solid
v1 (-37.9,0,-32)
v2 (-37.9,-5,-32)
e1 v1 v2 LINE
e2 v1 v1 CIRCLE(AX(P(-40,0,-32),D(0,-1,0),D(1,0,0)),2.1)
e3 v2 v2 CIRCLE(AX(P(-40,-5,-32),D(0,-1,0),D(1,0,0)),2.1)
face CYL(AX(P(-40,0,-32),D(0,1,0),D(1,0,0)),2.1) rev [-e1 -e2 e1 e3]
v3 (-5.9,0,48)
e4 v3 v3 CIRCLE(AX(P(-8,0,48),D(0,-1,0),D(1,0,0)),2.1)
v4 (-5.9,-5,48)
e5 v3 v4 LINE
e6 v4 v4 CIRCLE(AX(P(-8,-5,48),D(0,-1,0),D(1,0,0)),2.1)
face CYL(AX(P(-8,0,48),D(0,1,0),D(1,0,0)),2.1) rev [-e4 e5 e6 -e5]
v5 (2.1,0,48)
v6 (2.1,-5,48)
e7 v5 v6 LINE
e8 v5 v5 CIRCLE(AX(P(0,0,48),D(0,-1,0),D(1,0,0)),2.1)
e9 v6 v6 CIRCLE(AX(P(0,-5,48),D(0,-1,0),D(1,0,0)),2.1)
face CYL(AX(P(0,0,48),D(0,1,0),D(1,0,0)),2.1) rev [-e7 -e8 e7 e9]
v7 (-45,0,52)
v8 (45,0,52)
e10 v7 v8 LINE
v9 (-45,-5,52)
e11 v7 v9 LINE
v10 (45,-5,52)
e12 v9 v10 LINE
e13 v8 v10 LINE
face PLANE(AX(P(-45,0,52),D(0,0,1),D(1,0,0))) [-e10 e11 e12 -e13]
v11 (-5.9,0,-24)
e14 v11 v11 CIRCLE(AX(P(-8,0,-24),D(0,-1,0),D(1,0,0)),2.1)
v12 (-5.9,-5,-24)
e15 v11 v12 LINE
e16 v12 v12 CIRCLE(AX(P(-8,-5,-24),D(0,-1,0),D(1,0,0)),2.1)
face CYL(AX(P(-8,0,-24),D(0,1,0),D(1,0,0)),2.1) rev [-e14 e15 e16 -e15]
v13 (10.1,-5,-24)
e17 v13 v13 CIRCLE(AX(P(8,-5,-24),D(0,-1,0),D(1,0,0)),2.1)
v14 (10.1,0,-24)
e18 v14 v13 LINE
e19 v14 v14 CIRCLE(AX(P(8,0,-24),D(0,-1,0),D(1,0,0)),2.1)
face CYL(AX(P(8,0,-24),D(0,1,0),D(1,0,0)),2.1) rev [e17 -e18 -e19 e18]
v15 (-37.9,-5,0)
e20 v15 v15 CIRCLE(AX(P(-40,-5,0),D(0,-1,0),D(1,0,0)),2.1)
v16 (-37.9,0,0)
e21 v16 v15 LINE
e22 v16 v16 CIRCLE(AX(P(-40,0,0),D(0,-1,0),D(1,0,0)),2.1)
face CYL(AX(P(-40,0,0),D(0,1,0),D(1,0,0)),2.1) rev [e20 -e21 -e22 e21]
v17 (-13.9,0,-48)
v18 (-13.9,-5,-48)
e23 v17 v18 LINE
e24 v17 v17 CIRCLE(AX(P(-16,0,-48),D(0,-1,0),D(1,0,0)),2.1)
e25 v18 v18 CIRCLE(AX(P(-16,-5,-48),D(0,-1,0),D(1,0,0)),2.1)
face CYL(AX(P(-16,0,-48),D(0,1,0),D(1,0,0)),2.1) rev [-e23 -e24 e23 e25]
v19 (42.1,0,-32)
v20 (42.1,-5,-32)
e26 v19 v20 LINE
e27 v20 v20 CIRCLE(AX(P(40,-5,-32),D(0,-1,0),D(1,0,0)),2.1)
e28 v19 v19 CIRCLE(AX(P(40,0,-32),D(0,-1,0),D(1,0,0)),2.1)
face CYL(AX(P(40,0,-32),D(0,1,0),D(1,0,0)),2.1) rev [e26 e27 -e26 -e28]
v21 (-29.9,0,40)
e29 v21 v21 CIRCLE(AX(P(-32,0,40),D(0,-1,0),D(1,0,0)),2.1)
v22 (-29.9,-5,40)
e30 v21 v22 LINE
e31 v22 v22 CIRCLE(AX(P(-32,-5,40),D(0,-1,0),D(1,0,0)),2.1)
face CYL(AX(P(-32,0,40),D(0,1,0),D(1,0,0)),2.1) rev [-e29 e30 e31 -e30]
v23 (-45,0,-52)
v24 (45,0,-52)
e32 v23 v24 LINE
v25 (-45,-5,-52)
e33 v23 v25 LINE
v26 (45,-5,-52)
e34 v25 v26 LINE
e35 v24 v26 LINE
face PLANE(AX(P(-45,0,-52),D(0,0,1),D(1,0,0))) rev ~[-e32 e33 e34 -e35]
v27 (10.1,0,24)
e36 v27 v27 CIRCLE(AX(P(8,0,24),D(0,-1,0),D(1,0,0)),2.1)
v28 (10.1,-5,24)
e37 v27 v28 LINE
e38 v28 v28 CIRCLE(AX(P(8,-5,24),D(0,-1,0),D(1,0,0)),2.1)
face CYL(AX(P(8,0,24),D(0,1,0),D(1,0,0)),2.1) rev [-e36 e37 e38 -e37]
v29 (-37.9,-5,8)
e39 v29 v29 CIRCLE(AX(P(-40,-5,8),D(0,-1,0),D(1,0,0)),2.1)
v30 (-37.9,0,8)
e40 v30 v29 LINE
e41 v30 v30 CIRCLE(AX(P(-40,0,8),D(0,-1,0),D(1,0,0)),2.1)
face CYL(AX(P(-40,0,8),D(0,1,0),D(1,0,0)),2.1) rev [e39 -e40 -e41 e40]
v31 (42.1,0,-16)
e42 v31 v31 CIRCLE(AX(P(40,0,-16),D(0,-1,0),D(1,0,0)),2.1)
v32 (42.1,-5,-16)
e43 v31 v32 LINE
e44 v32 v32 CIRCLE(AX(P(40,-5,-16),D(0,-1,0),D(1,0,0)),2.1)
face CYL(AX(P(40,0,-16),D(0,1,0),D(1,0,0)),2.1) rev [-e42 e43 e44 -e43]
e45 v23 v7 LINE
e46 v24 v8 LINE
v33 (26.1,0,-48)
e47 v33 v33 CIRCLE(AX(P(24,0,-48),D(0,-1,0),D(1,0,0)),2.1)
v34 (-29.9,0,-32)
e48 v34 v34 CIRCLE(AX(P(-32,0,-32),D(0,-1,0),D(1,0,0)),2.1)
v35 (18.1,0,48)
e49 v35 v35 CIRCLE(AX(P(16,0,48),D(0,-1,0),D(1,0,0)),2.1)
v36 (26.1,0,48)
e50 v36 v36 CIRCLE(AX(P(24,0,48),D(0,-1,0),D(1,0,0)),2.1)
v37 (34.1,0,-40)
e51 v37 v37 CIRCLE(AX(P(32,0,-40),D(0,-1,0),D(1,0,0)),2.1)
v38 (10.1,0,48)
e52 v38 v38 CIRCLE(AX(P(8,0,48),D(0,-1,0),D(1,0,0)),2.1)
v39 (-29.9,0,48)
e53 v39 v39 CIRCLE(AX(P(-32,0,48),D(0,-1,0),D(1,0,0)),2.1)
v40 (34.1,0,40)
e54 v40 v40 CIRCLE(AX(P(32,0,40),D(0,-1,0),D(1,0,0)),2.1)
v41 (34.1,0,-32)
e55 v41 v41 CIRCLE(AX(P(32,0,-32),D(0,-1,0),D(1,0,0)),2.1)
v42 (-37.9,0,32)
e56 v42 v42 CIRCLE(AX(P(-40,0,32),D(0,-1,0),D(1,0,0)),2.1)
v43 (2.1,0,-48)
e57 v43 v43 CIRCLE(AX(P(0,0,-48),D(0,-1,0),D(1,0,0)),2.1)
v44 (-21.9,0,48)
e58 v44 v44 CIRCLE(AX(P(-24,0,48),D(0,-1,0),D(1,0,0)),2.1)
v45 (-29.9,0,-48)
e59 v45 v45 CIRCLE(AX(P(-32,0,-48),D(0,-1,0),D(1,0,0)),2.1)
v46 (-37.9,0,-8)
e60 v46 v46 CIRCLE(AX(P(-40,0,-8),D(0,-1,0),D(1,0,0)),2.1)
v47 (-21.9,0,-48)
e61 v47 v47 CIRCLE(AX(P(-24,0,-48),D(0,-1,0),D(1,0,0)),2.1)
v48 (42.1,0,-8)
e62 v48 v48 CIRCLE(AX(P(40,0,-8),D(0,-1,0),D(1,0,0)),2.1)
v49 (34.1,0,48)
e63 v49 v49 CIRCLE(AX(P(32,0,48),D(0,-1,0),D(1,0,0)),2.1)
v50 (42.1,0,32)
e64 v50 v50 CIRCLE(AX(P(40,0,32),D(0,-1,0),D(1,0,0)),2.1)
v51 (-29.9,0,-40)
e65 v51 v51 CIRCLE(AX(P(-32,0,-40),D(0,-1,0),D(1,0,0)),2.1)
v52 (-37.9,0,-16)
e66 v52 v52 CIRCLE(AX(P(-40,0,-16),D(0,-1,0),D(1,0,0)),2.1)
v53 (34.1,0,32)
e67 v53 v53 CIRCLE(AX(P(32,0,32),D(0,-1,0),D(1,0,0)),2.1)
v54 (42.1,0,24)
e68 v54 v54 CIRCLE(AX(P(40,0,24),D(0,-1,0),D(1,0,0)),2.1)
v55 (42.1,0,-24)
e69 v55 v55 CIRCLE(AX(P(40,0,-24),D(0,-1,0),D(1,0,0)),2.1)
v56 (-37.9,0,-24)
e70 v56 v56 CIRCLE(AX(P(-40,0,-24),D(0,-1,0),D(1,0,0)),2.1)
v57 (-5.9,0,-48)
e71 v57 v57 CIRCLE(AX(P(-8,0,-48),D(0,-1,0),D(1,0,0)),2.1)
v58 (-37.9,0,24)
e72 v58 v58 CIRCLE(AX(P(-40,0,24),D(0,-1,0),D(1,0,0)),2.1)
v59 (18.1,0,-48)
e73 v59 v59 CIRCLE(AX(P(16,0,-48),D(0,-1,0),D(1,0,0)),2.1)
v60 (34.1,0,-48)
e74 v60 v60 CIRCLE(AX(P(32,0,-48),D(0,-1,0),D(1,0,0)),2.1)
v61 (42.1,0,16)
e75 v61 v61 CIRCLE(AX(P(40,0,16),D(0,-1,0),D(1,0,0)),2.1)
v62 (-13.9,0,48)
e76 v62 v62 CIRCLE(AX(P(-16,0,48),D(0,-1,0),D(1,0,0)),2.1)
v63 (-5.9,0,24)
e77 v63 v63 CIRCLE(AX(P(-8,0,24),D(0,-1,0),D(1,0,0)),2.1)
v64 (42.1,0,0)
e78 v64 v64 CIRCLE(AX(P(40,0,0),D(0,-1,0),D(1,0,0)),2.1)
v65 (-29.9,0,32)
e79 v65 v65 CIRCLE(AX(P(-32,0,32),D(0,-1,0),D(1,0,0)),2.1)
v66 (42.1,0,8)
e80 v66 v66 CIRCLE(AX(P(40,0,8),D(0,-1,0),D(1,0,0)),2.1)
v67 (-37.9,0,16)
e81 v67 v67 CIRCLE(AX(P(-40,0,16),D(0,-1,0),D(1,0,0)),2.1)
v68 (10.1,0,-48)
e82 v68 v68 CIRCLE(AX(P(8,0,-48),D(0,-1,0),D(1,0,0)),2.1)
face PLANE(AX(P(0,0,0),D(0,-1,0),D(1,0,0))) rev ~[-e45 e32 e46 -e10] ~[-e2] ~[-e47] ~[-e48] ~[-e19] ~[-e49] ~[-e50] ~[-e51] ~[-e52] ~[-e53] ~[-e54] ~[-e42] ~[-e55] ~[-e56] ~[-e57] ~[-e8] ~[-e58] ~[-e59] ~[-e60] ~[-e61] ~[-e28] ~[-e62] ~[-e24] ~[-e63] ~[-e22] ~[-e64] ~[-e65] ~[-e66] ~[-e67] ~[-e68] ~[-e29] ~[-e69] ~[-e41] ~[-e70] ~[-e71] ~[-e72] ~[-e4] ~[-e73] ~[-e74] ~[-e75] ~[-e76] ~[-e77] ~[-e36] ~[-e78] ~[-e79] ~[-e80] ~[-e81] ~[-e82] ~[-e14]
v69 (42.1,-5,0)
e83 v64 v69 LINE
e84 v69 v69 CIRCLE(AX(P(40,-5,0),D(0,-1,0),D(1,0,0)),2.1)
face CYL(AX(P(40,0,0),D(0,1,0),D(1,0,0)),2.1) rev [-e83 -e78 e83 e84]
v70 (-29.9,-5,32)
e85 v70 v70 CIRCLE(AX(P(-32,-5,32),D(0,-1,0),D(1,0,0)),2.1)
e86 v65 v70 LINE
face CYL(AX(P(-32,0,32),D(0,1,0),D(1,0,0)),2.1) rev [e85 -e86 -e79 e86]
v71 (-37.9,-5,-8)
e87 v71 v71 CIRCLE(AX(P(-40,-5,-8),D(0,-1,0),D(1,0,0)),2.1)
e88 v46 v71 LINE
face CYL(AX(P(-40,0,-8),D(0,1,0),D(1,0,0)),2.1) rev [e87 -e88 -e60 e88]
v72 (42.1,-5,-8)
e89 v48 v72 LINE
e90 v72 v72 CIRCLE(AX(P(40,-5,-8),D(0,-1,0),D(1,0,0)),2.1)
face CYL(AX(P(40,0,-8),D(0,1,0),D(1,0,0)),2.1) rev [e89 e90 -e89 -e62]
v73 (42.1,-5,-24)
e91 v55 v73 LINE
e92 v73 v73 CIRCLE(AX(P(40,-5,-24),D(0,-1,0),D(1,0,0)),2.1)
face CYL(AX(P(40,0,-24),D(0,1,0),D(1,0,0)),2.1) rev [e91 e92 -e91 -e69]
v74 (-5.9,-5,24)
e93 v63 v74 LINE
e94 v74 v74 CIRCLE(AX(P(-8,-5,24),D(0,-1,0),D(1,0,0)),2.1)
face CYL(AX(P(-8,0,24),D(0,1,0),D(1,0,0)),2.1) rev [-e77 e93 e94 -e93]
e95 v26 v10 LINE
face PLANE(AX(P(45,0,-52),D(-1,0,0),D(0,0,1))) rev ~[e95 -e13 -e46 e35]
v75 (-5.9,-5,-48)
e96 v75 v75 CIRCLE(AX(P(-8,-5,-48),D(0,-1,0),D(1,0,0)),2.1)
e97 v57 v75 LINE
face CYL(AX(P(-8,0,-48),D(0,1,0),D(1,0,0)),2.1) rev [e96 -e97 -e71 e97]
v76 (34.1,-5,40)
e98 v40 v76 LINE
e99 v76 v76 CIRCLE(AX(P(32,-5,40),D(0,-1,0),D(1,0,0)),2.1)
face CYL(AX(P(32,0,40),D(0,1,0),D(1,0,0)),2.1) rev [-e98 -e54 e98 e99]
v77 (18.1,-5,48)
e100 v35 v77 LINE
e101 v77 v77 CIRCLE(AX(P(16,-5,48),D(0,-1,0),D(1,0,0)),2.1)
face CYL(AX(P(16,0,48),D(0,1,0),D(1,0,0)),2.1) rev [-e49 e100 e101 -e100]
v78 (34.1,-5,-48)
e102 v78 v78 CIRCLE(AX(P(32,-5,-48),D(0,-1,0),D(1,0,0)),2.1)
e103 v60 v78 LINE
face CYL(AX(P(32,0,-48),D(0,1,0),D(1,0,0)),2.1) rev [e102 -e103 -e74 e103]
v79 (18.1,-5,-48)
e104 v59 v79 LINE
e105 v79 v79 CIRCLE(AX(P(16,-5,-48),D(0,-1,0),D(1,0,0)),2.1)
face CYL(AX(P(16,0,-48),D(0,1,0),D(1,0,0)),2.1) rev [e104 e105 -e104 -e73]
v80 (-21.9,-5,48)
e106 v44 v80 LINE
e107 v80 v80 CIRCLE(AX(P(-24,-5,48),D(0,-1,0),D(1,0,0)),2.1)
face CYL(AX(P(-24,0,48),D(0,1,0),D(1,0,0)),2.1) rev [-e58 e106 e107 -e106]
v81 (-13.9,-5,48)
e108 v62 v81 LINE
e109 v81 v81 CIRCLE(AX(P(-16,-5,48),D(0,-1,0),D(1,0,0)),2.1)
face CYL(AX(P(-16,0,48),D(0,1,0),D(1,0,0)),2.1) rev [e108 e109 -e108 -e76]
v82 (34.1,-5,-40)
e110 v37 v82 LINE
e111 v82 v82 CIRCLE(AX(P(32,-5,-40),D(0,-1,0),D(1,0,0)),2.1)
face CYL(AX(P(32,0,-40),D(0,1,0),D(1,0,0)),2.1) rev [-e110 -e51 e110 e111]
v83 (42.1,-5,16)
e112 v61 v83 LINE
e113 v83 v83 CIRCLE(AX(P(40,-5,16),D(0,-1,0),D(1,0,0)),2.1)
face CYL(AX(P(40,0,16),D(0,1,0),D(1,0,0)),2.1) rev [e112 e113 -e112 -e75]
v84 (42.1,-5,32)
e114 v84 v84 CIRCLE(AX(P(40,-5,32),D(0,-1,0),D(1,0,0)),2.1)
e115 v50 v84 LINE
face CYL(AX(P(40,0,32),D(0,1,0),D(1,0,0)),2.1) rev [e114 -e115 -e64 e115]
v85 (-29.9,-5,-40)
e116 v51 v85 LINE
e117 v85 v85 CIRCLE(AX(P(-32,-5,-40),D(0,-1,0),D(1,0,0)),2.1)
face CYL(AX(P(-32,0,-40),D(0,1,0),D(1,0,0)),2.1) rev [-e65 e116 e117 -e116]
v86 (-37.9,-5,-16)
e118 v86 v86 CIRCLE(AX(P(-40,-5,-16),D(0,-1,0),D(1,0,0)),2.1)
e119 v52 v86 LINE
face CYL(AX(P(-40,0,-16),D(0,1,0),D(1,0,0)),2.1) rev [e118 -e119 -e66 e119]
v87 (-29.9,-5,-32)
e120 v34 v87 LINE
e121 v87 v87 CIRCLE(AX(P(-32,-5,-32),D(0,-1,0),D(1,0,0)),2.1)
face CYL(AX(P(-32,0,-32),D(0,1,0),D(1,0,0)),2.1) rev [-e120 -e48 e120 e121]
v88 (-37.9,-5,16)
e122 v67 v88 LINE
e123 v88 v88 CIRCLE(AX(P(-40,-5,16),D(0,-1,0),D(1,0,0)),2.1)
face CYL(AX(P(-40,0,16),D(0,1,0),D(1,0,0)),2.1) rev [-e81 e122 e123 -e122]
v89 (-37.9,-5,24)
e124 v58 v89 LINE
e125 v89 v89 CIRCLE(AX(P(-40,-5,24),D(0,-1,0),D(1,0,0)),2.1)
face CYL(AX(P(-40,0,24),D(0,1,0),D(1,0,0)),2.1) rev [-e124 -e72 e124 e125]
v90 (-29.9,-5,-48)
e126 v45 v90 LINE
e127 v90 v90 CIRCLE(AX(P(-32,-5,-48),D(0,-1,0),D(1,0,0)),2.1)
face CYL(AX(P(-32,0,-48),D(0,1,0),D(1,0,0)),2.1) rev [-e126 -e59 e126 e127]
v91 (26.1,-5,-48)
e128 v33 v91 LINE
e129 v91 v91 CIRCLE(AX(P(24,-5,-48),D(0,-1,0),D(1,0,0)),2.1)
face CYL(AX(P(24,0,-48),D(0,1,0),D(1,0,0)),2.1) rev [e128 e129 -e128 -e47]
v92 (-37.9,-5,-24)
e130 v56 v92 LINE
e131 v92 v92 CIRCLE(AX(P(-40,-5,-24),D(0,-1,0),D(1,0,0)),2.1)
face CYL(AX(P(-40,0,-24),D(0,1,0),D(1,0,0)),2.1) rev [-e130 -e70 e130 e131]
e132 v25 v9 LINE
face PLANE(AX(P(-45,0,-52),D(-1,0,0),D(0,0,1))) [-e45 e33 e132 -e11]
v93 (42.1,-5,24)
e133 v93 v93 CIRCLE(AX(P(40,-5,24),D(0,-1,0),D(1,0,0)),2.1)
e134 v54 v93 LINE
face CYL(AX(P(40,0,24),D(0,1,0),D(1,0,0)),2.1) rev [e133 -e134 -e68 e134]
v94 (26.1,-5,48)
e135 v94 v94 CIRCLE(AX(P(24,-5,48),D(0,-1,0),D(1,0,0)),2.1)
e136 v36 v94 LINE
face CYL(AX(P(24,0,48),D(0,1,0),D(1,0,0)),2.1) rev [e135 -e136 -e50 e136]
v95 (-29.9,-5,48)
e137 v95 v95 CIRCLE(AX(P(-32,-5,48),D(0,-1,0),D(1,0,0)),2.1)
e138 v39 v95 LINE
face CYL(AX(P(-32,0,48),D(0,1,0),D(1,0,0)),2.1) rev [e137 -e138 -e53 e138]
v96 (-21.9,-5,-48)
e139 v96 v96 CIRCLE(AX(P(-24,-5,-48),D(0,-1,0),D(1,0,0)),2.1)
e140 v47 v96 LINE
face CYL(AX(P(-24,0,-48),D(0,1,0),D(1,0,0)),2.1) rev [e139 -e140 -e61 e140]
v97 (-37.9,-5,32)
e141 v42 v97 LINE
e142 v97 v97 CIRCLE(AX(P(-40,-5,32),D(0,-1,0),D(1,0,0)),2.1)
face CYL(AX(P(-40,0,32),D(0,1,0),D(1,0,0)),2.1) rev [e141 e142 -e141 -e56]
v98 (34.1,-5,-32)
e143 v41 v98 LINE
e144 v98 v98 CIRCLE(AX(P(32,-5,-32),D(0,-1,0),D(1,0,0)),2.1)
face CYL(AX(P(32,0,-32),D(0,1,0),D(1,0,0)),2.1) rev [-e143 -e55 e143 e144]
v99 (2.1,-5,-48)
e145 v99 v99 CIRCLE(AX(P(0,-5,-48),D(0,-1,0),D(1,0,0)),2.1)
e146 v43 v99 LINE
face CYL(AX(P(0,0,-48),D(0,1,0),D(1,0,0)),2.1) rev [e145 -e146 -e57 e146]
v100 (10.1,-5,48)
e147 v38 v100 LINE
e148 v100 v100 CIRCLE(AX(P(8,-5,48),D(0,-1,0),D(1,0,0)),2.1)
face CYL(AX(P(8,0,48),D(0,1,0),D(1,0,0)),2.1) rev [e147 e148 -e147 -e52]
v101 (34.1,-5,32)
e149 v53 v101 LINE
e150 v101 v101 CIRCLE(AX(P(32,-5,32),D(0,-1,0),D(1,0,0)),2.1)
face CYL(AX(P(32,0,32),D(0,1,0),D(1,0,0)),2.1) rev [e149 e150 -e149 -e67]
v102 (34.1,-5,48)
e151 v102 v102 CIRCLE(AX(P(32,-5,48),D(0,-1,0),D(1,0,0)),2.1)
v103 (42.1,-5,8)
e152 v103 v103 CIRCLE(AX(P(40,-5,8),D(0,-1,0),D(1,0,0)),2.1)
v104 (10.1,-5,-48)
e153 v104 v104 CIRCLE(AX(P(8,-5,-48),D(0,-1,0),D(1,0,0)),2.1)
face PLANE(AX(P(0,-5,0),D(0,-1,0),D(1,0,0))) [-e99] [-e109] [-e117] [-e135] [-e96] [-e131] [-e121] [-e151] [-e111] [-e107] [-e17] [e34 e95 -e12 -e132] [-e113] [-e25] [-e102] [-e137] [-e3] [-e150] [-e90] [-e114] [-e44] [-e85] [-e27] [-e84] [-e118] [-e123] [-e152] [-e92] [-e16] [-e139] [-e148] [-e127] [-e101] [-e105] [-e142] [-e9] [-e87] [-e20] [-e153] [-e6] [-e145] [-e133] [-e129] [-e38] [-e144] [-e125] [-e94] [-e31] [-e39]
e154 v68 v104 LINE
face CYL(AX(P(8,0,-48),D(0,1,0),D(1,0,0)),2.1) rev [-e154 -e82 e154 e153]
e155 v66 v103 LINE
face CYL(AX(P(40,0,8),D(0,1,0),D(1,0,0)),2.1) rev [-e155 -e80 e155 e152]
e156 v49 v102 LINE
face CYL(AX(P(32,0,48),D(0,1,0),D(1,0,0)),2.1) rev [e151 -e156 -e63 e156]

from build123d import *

# Parameters (mm, degrees)
F0_W     = 90
F0_H     = 104
F0_R     = 2.1
F1_DEPTH = 5


with BuildPart() as f1:
    # F0 (on Front) → F1 (new body)
    with BuildSketch(Plane.XZ):
        Rectangle(F0_W, F0_H)
        with Locations((-32, -48)):
            Circle(F0_R, mode=Mode.SUBTRACT)
        with Locations((-24, -48)):
            Circle(F0_R, mode=Mode.SUBTRACT)
        with Locations((-32, -40)):
            Circle(F0_R, mode=Mode.SUBTRACT)
        with Locations((-40, -32)):
            Circle(F0_R, mode=Mode.SUBTRACT)
        with Locations((-32, -32)):
            Circle(F0_R, mode=Mode.SUBTRACT)
        with Locations((-16, -48)):
            Circle(F0_R, mode=Mode.SUBTRACT)
        with Locations((-8, -48)):
            Circle(F0_R, mode=Mode.SUBTRACT)
        with Locations((-40, -24)):
            Circle(F0_R, mode=Mode.SUBTRACT)
        with Locations((-40, -16)):
            Circle(F0_R, mode=Mode.SUBTRACT)
        with Locations((-40, -8)):
            Circle(F0_R, mode=Mode.SUBTRACT)
        with Locations((-8, -24)):
            Circle(F0_R, mode=Mode.SUBTRACT)
        with Locations((0, -48)):
            Circle(F0_R, mode=Mode.SUBTRACT)
        with Locations((8, -48)):
            Circle(F0_R, mode=Mode.SUBTRACT)
        with Locations((16, -48)):
            Circle(F0_R, mode=Mode.SUBTRACT)
        with Locations((24, -48)):
            Circle(F0_R, mode=Mode.SUBTRACT)
        with Locations((32, -48)):
            Circle(F0_R, mode=Mode.SUBTRACT)
        with Locations((32, -40)):
            Circle(F0_R, mode=Mode.SUBTRACT)
        with Locations((32, -32)):
            Circle(F0_R, mode=Mode.SUBTRACT)
        with Locations((40, -32)):
            Circle(F0_R, mode=Mode.SUBTRACT)
        with Locations((8, -24)):
            Circle(F0_R, mode=Mode.SUBTRACT)
        with Locations((40, -24)):
            Circle(F0_R, mode=Mode.SUBTRACT)
        with Locations((40, -16)):
            Circle(F0_R, mode=Mode.SUBTRACT)
        with Locations((40, -8)):
            Circle(F0_R, mode=Mode.SUBTRACT)
        with Locations((-40, 0)):
            Circle(F0_R, mode=Mode.SUBTRACT)
        with Locations((-40, 8)):
            Circle(F0_R, mode=Mode.SUBTRACT)
        with Locations((-40, 16)):
            Circle(F0_R, mode=Mode.SUBTRACT)
        with Locations((-40, 24)):
            Circle(F0_R, mode=Mode.SUBTRACT)
        with Locations((-8, 24)):
            Circle(F0_R, mode=Mode.SUBTRACT)
        with Locations((-40, 32)):
            Circle(F0_R, mode=Mode.SUBTRACT)
        with Locations((-32, 32)):
            Circle(F0_R, mode=Mode.SUBTRACT)
        with Locations((-32, 40)):
            Circle(F0_R, mode=Mode.SUBTRACT)
        with Locations((-32, 48)):
            Circle(F0_R, mode=Mode.SUBTRACT)
        with Locations((-24, 48)):
            Circle(F0_R, mode=Mode.SUBTRACT)
        with Locations((-16, 48)):
            Circle(F0_R, mode=Mode.SUBTRACT)
        with Locations((-8, 48)):
            Circle(F0_R, mode=Mode.SUBTRACT)
        with Locations((8, 24)):
            Circle(F0_R, mode=Mode.SUBTRACT)
        with Locations((40, 0)):
            Circle(F0_R, mode=Mode.SUBTRACT)
        with Locations((40, 8)):
            Circle(F0_R, mode=Mode.SUBTRACT)
        with Locations((40, 16)):
            Circle(F0_R, mode=Mode.SUBTRACT)
        with Locations((40, 24)):
            Circle(F0_R, mode=Mode.SUBTRACT)
        with Locations((0, 48)):
            Circle(F0_R, mode=Mode.SUBTRACT)
        with Locations((8, 48)):
            Circle(F0_R, mode=Mode.SUBTRACT)
        with Locations((16, 48)):
            Circle(F0_R, mode=Mode.SUBTRACT)
        with Locations((32, 32)):
            Circle(F0_R, mode=Mode.SUBTRACT)
        with Locations((40, 32)):
            Circle(F0_R, mode=Mode.SUBTRACT)
        with Locations((32, 40)):
            Circle(F0_R, mode=Mode.SUBTRACT)
        with Locations((24, 48)):
            Circle(F0_R, mode=Mode.SUBTRACT)
        with Locations((32, 48)):
            Circle(F0_R, mode=Mode.SUBTRACT)
    extrude(amount=F1_DEPTH)


solid = f1.part
